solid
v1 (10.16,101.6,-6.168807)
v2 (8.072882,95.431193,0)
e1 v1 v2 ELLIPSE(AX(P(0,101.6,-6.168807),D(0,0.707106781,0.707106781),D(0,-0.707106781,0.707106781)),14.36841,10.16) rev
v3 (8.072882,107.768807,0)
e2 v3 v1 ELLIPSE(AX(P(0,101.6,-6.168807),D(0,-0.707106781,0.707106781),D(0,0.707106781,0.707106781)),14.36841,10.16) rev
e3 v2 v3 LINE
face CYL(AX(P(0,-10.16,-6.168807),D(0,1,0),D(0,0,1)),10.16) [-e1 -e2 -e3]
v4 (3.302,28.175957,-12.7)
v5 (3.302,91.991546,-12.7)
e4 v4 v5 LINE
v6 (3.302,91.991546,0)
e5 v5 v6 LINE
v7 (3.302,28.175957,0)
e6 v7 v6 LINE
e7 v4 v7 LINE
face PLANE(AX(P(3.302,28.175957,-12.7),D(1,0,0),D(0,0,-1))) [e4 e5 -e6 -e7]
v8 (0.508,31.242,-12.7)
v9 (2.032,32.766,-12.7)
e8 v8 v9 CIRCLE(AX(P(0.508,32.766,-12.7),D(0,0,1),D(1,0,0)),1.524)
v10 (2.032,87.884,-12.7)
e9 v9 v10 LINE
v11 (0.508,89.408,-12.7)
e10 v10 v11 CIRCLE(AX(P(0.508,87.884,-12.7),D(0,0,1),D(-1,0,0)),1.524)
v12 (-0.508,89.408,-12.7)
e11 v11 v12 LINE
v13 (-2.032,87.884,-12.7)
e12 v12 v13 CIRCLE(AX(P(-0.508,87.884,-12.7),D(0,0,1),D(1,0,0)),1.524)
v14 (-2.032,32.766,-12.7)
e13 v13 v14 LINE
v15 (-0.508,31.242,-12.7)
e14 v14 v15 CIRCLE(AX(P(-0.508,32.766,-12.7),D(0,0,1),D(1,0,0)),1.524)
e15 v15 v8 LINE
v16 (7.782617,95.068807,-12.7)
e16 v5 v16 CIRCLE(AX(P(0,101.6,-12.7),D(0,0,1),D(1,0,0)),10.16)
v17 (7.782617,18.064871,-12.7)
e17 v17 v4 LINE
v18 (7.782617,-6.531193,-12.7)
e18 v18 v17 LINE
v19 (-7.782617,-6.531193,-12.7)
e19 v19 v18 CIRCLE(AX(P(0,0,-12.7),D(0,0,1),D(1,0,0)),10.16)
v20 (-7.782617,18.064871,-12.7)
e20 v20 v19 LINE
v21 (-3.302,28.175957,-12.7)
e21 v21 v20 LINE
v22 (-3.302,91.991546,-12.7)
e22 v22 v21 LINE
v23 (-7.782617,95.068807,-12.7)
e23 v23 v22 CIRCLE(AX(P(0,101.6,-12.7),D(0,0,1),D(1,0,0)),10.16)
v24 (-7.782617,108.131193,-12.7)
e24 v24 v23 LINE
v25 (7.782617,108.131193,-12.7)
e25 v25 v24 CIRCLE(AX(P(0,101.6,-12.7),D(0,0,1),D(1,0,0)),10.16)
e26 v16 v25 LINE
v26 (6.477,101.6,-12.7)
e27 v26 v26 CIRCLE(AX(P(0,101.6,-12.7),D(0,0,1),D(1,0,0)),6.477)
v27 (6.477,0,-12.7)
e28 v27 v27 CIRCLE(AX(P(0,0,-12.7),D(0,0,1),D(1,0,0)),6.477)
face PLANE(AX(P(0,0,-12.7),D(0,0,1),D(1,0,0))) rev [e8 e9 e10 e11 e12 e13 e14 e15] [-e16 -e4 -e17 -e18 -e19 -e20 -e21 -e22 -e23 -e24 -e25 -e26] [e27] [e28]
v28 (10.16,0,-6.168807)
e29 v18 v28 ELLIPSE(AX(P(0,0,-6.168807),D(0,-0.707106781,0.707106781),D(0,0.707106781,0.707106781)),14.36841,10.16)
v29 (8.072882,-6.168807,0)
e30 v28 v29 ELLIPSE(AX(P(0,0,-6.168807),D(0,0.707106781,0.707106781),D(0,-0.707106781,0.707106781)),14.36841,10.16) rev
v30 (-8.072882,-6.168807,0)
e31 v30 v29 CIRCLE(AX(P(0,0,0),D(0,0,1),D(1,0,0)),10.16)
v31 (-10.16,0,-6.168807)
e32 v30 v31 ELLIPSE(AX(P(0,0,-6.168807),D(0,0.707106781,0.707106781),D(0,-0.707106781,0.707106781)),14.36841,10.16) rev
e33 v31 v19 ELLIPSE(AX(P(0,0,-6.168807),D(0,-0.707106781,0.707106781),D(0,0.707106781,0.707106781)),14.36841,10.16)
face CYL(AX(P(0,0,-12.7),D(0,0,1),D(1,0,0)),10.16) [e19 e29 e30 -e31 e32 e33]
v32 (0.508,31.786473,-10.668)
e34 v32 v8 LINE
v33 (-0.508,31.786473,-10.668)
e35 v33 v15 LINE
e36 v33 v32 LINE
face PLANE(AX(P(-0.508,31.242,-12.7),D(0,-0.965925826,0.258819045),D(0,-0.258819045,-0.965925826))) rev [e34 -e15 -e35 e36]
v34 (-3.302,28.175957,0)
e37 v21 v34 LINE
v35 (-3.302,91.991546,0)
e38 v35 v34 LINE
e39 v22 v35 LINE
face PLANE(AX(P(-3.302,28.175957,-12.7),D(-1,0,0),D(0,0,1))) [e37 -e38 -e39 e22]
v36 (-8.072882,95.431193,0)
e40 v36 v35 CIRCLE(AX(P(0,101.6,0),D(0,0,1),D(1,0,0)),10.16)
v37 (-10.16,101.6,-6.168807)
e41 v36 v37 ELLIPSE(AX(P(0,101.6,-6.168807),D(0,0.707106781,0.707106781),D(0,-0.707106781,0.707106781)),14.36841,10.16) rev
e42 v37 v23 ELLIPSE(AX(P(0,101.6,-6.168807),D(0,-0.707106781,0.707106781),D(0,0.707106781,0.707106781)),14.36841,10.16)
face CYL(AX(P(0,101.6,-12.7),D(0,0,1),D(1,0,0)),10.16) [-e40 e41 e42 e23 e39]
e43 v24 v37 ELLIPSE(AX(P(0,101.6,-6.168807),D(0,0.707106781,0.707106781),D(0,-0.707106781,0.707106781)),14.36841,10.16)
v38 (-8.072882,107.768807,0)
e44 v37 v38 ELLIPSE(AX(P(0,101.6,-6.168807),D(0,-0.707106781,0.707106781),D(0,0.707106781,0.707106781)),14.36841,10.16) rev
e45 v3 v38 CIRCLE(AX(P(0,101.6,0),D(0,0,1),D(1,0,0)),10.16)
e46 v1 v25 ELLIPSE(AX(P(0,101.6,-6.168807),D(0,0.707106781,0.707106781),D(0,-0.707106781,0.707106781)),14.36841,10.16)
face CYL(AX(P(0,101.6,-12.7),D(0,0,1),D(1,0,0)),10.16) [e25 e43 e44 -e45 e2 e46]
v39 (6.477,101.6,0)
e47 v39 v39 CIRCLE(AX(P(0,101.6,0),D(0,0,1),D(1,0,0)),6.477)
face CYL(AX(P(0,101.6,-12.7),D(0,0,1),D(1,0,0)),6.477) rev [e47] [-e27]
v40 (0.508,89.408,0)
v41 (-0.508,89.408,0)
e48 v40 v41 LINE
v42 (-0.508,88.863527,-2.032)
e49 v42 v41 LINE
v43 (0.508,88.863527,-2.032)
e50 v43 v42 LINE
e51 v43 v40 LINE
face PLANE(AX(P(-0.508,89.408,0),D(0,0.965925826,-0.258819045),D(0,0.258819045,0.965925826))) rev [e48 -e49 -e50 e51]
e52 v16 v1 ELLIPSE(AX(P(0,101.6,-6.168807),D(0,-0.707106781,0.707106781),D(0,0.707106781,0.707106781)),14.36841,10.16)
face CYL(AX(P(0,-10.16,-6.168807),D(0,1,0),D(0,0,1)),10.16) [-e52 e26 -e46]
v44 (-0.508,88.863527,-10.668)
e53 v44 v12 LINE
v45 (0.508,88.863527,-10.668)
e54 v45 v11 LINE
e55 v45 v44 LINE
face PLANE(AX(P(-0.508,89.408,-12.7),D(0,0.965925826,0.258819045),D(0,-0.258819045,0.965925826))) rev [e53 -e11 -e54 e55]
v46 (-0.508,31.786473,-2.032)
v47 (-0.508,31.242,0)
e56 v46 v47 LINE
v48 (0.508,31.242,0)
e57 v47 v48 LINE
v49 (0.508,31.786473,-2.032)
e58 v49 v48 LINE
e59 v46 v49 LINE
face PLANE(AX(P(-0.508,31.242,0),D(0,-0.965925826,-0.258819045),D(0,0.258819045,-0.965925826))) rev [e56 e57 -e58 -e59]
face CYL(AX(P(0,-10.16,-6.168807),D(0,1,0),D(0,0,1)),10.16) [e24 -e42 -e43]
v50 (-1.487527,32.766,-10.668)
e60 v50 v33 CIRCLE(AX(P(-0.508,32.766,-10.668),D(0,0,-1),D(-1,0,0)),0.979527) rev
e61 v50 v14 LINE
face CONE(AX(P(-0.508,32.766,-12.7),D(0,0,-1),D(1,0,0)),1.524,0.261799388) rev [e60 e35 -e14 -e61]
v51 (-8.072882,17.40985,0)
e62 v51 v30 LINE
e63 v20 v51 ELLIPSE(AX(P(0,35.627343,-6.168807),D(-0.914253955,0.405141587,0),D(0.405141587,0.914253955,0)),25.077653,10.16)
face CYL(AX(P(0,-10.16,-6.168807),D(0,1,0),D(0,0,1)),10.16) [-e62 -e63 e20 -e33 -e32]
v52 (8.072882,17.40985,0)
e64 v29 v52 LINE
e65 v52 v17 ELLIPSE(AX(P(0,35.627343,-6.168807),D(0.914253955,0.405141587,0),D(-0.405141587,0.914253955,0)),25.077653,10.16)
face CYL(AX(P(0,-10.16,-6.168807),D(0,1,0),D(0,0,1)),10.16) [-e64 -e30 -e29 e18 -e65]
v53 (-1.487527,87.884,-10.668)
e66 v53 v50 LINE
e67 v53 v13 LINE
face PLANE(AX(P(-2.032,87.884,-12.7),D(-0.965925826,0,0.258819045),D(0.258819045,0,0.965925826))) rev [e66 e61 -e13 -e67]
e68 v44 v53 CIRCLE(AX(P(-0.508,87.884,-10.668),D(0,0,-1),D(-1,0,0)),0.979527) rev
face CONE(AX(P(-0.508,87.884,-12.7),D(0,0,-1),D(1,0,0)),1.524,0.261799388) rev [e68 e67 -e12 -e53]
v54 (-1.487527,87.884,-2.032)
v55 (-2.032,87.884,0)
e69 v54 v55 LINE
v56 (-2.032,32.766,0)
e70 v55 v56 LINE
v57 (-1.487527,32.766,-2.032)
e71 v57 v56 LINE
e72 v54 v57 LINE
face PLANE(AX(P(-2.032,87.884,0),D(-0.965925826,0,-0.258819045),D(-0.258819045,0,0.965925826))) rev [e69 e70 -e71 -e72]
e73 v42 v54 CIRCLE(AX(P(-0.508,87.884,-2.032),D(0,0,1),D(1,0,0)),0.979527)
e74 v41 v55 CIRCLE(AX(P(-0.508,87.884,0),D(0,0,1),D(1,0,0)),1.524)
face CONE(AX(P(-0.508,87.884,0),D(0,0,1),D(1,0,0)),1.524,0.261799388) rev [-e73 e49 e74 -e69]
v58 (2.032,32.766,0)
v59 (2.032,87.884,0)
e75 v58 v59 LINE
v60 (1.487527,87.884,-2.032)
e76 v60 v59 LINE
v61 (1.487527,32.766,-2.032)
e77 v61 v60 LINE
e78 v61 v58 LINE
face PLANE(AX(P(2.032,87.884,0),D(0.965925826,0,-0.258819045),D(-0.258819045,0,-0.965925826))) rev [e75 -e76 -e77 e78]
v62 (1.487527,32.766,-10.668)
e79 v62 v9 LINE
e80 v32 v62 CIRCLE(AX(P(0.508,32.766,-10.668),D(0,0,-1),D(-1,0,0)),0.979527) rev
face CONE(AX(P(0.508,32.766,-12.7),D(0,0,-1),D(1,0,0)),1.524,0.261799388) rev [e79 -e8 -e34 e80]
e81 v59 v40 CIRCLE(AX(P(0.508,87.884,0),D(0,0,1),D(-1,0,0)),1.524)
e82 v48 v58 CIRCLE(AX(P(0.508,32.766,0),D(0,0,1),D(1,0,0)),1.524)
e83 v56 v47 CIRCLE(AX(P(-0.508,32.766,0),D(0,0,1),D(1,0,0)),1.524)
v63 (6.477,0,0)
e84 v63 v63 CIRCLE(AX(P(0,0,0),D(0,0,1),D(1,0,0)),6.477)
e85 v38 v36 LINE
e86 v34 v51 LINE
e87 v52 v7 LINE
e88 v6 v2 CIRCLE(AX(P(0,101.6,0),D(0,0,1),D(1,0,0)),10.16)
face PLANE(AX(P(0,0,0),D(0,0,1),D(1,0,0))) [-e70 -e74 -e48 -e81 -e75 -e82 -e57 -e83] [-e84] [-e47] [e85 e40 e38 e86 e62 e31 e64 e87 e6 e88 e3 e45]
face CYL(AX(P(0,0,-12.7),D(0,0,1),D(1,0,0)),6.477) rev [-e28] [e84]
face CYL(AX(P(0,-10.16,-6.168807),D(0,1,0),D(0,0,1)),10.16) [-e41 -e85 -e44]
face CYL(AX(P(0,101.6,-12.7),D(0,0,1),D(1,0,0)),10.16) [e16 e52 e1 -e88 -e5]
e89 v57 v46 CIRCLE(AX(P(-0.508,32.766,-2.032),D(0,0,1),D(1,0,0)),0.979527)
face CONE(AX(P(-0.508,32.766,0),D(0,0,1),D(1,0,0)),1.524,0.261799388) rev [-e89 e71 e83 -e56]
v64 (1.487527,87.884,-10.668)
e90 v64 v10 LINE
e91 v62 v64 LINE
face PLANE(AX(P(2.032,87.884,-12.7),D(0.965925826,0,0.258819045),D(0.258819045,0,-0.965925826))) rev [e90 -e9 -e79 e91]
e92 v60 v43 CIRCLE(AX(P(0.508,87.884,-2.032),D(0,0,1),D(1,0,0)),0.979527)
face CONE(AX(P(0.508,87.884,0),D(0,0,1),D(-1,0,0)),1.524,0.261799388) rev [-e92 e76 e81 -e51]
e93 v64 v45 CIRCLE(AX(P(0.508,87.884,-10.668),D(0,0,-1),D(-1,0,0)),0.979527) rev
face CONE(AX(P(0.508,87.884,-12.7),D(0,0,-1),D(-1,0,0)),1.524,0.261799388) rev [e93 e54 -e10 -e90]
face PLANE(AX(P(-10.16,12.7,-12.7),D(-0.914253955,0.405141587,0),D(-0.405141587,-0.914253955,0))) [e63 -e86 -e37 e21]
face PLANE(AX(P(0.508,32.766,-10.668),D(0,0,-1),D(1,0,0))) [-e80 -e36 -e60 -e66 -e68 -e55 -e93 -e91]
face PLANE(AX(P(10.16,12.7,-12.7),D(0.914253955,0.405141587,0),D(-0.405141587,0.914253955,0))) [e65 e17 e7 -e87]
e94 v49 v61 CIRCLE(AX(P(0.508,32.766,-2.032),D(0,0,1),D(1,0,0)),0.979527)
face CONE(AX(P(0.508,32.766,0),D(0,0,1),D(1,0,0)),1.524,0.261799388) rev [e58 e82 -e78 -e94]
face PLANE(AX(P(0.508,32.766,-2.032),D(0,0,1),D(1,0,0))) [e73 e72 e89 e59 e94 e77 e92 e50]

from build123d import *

# Parameters (mm, degrees)
SKETCH1_R               = 6.477
BOSS_EXTRUDE2_DEPTH     = 12.7
CUT_EXTRUDE2_DEPTH      = 2.032
CUT_EXTRUDE2_TAPER      = 15
SKETCH4_OUTSIDE_W       = 47.17
SKETCH4_OUTSIDE_H       = 39.55
SKETCH4_OUTSIDE_R       = 10.16
CUT_EXTRUDE1_DEPTH      = 112.76
CUT_EXTRUDE1_DEPTH_BACK = 11.16


with BuildPart() as part:
    # Sketch1 → Boss-Extrude2 (new body)
    with BuildSketch(Plane.XY):
        with BuildLine():
            Line((-10.16, 0), (-10.16, 12.7))
            Line((-10.16, 12.7), (-3.302, 28.175956627))
            Line((-3.302, 28.175956627), (-3.302, 91.991545598))
            ThreePointArc((-3.302, 91.991545598), (0, 111.76), (3.302, 91.991545598))
            Line((3.302, 91.991545598), (3.302, 28.175956627))
            Line((3.302, 28.175956627), (10.16, 12.7))
            Line((10.16, 12.7), (10.16, 0))
            ThreePointArc((10.16, 0), (0, -10.16), (-10.16, 0))
        make_face()
        Circle(SKETCH1_R, mode=Mode.SUBTRACT)
        with Locations((0, 101.6)):
            Circle(SKETCH1_R, mode=Mode.SUBTRACT)
    extrude(amount=-BOSS_EXTRUDE2_DEPTH)

    # Sketch3 → Cut-Extrude2 (cut)
    with BuildSketch(Plane.XY):
        with BuildLine():
            ThreePointArc((-0.508, 89.408), (-1.585630735, 88.961630735), (-2.032, 87.884))
            Line((-2.032, 87.884), (-2.032, 32.766))
            ThreePointArc((-2.032, 32.766), (-1.585630735, 31.688369265), (-0.508, 31.242))
            Line((-0.508, 31.242), (0.508, 31.242))
            ThreePointArc((0.508, 31.242), (1.585630735, 31.688369265), (2.032, 32.766))
            Line((2.032, 32.766), (2.032, 87.884))
            ThreePointArc((2.032, 87.884), (1.585630735, 88.961630735), (0.508, 89.408))
            Line((0.508, 89.408), (-0.508, 89.408))
        make_face()
    cut_extrude2 = extrude(amount=-CUT_EXTRUDE2_DEPTH, taper=CUT_EXTRUDE2_TAPER, mode=Mode.SUBTRACT)

    # Mirror1: Cut-Extrude2 across plane
    add(cut_extrude2.mirror(Plane.XY.offset(-6.35)), mode=Mode.SUBTRACT)

    # Sketch4 outside → Cut-Extrude1 (cut, two sides)
    with BuildSketch(Plane(origin=(0, 0, 0), x_dir=(1, 0, 0), z_dir=(0, 1, 0))) as cut_extrude1_sk:
        with Locations((0, 6.35)):
            Rectangle(SKETCH4_OUTSIDE_W, SKETCH4_OUTSIDE_H)
        with Locations((0, 6.16880724)):
            Circle(SKETCH4_OUTSIDE_R, mode=Mode.SUBTRACT)
    extrude(amount=CUT_EXTRUDE1_DEPTH, mode=Mode.SUBTRACT)
    extrude(cut_extrude1_sk.sketch, amount=-CUT_EXTRUDE1_DEPTH_BACK, mode=Mode.SUBTRACT)


solid = part.part
